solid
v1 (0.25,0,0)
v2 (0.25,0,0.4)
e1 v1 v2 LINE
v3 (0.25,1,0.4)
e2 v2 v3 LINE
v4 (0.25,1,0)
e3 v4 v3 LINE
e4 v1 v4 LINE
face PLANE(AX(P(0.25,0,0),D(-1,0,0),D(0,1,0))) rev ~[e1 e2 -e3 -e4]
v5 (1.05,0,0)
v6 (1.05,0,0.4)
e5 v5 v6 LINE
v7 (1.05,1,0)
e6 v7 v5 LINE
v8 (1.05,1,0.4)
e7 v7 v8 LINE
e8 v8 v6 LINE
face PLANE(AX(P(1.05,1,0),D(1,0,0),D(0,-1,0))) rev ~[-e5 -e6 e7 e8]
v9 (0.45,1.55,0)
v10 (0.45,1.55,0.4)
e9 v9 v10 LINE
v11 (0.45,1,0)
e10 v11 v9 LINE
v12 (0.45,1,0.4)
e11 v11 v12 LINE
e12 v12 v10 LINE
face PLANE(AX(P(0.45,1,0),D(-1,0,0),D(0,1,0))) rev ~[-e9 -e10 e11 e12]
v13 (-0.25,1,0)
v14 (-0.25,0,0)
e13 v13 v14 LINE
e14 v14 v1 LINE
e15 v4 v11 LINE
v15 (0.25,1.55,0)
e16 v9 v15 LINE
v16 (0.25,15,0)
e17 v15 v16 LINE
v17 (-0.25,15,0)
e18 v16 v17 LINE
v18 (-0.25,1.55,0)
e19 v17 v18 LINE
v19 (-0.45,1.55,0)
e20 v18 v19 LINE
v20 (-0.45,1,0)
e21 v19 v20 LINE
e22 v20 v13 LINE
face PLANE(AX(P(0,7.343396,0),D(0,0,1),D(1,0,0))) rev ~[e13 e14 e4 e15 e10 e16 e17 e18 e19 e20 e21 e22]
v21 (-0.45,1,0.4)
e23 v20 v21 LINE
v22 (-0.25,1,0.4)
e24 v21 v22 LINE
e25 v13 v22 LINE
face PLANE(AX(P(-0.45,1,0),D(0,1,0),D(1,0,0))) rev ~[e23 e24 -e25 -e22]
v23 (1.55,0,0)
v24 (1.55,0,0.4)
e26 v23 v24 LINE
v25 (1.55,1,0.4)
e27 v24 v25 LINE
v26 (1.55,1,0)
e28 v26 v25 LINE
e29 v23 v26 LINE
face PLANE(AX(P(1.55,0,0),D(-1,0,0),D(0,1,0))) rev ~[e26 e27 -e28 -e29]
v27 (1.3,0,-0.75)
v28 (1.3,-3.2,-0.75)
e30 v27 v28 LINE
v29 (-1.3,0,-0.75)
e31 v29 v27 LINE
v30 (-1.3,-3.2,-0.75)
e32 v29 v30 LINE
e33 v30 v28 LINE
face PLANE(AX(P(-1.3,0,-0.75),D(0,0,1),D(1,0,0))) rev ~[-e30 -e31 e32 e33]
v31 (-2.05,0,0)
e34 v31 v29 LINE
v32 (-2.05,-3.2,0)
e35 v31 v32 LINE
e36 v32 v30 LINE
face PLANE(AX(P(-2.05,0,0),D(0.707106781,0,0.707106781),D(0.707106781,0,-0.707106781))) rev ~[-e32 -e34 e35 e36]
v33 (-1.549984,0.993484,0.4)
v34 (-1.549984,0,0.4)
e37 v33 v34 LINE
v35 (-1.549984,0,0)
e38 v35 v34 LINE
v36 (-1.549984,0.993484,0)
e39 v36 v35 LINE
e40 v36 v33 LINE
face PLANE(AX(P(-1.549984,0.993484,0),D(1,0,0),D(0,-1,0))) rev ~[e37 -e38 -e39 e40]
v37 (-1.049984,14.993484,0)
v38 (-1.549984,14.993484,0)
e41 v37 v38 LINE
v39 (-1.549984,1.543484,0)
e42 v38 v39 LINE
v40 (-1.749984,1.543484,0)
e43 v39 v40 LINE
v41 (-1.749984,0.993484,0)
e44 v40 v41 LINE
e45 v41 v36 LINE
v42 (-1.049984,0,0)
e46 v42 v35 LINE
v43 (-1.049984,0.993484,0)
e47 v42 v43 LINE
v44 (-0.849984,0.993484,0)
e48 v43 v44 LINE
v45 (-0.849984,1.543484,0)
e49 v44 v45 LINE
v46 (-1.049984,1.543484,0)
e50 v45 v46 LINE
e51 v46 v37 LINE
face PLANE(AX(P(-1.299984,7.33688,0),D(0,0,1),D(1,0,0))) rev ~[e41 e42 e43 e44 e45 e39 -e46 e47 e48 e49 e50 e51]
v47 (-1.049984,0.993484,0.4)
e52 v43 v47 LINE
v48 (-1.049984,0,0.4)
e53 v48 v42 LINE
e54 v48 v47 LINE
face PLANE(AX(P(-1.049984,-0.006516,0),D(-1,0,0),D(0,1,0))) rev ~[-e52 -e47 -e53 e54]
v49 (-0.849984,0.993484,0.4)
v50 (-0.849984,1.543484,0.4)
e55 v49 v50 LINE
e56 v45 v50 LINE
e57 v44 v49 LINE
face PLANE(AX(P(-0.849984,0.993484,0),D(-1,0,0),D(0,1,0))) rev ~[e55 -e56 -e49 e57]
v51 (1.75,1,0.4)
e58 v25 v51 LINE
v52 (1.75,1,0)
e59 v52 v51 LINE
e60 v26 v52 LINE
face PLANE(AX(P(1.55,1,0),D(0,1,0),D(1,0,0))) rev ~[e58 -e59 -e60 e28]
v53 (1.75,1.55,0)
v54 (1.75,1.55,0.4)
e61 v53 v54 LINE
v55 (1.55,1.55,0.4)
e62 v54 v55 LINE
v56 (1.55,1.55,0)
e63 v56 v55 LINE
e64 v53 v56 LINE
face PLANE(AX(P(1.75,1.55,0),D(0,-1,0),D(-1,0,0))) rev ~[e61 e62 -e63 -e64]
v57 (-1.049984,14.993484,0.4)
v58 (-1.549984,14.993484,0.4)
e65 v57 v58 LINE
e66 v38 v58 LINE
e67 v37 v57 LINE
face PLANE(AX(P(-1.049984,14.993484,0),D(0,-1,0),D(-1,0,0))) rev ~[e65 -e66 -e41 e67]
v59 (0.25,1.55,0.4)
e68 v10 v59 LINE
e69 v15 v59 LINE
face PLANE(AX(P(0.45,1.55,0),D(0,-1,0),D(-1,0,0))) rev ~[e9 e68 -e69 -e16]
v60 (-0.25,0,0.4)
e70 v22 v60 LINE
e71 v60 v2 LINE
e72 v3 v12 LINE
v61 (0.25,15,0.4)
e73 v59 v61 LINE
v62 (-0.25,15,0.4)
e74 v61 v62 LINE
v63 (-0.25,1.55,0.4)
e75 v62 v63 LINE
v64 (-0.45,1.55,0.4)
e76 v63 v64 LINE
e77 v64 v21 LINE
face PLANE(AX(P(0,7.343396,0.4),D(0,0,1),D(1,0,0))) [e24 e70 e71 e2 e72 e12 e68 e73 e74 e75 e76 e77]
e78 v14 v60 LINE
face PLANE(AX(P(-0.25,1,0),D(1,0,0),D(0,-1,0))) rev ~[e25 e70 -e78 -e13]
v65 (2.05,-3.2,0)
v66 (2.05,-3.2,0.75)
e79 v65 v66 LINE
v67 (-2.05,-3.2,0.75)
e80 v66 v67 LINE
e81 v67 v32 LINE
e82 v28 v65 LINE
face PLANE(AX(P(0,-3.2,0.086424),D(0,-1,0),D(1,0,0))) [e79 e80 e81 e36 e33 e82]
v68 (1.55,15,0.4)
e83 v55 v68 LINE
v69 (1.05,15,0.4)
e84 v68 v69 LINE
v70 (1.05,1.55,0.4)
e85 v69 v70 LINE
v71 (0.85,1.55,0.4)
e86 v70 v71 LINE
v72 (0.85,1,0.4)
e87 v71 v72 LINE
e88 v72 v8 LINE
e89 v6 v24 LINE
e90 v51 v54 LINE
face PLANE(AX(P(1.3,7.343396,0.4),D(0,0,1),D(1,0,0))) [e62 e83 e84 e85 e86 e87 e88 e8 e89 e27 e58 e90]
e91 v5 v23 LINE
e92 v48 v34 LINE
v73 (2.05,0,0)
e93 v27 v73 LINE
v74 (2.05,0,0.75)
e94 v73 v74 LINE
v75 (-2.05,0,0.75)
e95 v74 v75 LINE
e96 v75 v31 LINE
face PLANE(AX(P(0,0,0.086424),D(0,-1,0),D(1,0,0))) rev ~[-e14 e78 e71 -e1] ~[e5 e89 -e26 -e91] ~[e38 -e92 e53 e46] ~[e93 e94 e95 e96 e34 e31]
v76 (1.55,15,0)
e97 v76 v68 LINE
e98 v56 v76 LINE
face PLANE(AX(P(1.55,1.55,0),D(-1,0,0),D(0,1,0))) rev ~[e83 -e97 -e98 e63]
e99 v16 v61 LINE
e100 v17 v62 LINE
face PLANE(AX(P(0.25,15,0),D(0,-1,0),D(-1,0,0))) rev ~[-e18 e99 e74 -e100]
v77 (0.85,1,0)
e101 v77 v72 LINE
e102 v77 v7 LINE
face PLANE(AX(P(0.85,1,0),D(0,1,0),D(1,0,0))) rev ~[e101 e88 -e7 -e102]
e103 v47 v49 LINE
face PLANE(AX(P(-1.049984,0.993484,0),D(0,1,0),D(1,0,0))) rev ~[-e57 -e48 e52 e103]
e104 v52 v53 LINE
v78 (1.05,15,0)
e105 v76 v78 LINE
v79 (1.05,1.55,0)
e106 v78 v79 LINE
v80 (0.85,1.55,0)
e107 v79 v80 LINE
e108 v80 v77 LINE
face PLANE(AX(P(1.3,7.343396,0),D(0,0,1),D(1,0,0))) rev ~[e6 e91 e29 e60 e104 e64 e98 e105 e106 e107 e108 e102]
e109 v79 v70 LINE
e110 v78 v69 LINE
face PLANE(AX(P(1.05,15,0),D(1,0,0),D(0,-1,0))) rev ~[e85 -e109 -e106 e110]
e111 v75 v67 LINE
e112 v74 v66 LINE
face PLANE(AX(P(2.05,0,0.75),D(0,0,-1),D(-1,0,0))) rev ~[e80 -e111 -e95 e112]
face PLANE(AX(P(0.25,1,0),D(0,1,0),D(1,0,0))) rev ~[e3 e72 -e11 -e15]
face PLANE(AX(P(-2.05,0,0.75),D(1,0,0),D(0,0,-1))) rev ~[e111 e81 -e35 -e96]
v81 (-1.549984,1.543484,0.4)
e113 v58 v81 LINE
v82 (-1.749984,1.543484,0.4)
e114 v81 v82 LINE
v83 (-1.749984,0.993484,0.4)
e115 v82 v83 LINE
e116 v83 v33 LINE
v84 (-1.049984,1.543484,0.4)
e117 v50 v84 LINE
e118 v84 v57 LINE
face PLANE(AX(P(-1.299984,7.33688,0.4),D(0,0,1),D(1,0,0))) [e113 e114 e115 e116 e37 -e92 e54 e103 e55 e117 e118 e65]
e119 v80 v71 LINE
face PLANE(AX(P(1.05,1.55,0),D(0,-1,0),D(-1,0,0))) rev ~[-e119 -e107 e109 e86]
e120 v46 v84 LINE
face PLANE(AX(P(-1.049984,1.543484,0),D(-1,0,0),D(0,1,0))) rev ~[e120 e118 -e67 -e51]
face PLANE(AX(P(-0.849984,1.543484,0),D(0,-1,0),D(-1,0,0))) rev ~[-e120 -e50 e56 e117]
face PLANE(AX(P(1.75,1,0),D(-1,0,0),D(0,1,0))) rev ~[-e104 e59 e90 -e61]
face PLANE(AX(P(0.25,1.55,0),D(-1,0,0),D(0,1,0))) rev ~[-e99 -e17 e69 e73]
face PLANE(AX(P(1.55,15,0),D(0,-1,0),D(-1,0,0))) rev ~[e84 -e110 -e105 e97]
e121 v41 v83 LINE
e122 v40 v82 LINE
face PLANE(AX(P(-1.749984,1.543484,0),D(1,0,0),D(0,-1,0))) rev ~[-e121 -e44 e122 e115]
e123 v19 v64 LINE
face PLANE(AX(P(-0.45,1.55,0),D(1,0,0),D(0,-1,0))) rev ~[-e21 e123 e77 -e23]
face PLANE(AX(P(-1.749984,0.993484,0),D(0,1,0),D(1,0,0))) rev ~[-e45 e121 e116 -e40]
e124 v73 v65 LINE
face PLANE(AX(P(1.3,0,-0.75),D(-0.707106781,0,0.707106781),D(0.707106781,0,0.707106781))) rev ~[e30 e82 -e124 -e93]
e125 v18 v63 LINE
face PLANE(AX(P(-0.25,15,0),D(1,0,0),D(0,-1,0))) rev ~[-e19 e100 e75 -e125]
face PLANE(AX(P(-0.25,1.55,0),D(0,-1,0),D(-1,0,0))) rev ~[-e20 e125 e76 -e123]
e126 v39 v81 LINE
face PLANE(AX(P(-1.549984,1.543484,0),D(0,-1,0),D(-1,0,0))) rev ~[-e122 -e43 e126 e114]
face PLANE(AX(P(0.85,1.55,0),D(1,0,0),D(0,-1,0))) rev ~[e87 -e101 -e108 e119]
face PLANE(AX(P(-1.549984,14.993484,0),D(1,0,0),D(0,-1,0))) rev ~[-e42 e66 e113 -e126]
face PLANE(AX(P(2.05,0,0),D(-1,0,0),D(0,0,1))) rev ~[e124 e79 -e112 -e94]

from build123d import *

# Parameters (mm, degrees)
F1_DEPTH = 3.2
F3_DEPTH = 0.4


with BuildPart() as f1:
    # F0 (on Front) → F1 (new body)
    with BuildSketch(Plane.XZ):
        Polygon((2.05, 0.75), (-2.05, 0.75), (-2.05, 0), (-1.3, -0.75), (1.3, -0.75), (2.05, 0), align=None)
    extrude(amount=F1_DEPTH)

    # F2 (on Top) → F3 (join)
    with BuildSketch(Plane.XY):
        Polygon((-0.25, 0), (0.25, 0), (0.25, 1), (0.45, 1), (0.45, 1.55), (0.25, 1.55), (0.25, 15), (-0.25, 15), (-0.25, 1.55), (-0.45, 1.55), (-0.45, 1), (-0.25, 1), align=None)
        Polygon((1.05, 0), (1.55, 0), (1.55, 1), (1.75, 1), (1.75, 1.55), (1.55, 1.55), (1.55, 15), (1.05, 15), (1.05, 1.55), (0.85, 1.55), (0.85, 1), (1.05, 1), align=None)
        Polygon((-1.549984, 0.993484), (-1.549984, -0.006516), (-1.049984, -0.006516), (-1.049984, 0.993484), (-0.849984, 0.993484), (-0.849984, 1.543484), (-1.049984, 1.543484), (-1.049984, 14.993484), (-1.549984, 14.993484), (-1.549984, 1.543484), (-1.749984, 1.543484), (-1.749984, 0.993484), align=None)
    extrude(amount=F3_DEPTH)


solid = f1.part
